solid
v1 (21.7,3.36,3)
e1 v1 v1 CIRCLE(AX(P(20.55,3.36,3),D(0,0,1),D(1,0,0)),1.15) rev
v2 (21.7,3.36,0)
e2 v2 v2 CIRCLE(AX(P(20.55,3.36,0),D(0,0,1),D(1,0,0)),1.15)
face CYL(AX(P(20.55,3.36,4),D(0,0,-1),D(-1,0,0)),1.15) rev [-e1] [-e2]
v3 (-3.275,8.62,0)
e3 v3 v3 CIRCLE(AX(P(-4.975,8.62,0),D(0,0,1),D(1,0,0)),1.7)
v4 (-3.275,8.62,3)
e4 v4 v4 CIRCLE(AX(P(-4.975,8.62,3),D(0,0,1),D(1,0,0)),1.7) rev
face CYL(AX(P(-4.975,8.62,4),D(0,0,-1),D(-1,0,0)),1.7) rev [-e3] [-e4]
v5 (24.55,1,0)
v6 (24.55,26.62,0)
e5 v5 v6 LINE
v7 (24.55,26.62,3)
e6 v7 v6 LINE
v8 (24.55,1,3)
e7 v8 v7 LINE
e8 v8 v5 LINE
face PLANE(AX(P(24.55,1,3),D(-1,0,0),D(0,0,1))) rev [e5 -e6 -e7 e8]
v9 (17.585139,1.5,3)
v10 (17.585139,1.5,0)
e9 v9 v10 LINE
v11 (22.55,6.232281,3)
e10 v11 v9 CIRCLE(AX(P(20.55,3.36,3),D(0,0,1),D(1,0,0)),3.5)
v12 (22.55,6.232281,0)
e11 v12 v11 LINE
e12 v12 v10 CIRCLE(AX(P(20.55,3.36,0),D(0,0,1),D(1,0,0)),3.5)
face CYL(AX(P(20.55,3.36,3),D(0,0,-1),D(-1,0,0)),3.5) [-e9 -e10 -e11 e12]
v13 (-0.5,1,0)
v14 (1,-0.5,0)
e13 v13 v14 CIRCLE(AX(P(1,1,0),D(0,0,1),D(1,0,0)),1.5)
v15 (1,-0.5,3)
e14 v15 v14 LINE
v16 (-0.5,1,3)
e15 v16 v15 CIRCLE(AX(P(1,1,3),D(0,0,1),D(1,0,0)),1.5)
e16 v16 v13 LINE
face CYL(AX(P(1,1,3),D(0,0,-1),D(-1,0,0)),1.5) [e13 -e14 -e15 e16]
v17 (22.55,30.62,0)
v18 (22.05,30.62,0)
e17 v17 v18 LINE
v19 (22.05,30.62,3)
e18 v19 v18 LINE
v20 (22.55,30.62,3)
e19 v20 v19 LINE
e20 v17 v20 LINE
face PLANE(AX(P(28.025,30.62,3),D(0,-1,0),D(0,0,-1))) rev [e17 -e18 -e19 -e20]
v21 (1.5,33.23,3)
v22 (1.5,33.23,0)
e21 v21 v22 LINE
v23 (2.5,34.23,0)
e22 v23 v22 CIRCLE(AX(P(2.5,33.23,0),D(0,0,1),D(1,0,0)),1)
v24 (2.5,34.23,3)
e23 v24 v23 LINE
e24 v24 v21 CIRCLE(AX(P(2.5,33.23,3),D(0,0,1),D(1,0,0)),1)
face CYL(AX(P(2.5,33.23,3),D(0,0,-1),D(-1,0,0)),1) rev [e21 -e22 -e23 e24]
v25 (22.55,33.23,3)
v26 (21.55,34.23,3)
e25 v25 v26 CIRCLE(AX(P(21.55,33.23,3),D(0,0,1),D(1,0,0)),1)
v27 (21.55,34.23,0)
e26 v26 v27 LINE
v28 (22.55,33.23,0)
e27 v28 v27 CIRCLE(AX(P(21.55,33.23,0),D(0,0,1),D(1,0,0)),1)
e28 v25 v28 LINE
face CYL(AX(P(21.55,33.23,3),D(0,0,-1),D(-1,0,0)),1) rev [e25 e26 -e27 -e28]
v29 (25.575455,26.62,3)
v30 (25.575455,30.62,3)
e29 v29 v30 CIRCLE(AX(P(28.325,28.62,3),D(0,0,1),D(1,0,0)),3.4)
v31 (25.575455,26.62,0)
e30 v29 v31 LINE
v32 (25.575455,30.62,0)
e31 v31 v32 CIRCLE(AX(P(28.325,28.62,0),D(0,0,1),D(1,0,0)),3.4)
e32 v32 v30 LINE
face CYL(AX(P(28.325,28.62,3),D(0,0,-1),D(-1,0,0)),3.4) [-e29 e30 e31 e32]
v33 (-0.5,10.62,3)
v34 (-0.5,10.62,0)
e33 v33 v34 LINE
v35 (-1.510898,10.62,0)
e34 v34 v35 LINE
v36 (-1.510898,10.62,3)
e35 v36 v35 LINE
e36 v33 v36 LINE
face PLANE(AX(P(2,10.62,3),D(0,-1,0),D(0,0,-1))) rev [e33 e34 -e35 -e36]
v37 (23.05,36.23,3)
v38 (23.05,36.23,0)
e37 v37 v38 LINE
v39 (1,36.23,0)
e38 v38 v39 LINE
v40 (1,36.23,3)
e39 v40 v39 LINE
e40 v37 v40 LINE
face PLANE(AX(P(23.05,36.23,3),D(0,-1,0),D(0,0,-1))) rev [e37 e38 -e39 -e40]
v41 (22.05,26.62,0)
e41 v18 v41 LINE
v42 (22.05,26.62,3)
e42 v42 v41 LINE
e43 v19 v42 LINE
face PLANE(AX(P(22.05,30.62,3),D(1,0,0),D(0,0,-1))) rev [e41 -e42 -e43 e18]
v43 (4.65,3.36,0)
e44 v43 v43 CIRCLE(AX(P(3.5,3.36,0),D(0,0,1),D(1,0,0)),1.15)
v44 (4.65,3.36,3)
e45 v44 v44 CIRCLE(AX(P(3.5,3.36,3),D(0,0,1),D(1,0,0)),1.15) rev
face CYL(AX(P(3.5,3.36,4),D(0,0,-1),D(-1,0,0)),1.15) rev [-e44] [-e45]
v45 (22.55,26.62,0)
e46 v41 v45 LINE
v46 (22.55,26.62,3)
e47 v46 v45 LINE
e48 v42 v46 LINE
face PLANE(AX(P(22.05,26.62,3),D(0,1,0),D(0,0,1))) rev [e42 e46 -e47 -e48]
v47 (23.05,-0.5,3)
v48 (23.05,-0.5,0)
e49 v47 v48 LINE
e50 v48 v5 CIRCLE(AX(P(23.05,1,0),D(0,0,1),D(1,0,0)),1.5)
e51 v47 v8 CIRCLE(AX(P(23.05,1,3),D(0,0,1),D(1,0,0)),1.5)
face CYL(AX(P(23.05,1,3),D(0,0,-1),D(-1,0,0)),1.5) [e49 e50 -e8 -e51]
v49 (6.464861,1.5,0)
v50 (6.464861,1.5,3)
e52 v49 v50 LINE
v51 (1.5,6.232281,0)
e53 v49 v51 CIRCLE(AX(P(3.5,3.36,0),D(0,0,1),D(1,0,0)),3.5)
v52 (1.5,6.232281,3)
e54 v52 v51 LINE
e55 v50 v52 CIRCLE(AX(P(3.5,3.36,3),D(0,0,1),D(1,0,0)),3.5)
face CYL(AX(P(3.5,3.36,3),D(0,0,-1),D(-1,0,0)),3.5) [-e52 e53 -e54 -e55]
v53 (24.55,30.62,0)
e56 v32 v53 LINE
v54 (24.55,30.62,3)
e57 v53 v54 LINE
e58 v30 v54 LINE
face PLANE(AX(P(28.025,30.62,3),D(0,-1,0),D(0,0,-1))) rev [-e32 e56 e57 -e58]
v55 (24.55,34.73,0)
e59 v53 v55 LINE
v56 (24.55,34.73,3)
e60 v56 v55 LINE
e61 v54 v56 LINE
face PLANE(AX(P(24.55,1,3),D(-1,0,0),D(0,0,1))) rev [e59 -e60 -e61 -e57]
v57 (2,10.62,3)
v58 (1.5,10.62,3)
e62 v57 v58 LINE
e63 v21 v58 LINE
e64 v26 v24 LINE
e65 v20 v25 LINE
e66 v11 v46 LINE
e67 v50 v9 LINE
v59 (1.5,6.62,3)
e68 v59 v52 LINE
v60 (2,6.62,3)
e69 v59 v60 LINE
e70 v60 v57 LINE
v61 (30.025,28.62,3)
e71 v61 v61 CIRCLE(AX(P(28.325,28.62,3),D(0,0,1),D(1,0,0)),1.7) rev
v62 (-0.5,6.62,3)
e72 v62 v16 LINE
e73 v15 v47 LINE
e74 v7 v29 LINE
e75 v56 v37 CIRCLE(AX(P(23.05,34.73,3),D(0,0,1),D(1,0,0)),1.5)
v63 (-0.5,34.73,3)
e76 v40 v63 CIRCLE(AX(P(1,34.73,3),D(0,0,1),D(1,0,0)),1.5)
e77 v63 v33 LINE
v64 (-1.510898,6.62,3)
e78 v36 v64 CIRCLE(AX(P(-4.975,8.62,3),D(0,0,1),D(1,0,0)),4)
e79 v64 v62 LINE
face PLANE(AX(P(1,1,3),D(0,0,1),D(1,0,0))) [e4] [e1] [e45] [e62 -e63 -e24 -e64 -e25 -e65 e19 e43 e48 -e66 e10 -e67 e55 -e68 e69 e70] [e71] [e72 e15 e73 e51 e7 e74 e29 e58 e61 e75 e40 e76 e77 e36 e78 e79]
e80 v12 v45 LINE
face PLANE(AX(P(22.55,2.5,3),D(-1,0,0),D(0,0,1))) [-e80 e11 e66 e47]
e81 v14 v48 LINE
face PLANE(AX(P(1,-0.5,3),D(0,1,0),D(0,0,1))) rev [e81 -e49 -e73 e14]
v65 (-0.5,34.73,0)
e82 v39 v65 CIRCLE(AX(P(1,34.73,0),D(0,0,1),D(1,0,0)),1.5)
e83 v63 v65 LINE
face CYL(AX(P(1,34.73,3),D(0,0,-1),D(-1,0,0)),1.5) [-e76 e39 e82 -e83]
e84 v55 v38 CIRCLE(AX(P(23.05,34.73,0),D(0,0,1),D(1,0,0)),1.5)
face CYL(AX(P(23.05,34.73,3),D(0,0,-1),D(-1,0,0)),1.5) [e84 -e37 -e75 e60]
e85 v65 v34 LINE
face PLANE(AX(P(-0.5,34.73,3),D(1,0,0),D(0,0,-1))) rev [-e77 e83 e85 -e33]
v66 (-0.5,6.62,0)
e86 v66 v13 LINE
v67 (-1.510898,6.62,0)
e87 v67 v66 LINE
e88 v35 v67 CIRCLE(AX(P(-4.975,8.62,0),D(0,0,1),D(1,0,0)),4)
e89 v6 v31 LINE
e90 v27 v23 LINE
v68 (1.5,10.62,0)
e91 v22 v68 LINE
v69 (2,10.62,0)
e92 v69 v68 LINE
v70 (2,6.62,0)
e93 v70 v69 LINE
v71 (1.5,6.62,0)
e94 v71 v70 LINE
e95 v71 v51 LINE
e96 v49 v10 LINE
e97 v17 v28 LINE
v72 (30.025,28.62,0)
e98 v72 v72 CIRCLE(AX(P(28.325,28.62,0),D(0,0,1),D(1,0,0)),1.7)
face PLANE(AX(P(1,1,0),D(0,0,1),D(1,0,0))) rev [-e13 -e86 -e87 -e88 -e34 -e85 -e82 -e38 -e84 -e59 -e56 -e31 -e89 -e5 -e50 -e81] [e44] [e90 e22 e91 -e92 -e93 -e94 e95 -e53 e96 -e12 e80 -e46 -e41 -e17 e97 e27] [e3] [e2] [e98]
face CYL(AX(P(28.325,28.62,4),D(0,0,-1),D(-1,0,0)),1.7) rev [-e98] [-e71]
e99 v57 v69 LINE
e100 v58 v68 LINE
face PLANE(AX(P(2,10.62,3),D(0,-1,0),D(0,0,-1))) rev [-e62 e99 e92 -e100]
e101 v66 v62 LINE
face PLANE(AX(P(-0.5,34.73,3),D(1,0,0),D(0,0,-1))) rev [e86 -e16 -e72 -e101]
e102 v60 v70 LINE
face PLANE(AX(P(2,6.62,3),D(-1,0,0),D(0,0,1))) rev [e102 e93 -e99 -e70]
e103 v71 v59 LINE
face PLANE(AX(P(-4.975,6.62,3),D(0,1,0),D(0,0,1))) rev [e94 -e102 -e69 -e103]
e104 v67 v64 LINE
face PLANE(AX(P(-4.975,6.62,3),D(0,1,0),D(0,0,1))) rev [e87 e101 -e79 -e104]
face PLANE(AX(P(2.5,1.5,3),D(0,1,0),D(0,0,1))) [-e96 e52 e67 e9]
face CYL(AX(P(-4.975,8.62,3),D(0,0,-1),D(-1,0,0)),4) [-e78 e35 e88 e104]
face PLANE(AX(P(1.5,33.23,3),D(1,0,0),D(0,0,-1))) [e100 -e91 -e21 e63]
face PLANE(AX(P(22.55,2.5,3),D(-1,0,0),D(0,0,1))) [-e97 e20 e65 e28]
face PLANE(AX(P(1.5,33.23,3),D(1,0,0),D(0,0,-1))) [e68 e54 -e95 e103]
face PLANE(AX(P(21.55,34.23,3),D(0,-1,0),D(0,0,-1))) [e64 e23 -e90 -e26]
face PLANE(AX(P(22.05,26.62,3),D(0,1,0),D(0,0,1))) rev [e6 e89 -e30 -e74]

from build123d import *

# Parameters (mm, degrees)
PCB_EDGE_SUPPORT_DEPTH       = 3
SKETCH_2_R                   = 3.5
PCB_SCREW_LANDS_DEPTH        = 3
SKETCH_3_W                   = 6.975
SKETCH_3_H                   = 4
SKETCH_3_W_2                 = 5.975
FLOATING_MOUNT_BRIDGES_DEPTH = 3
SKETCH_4_R                   = 4
SKETCH_4_R_2                 = 3.4
FLOATING_MOUNT_EARS_DEPTH    = 3
SKETCH_5_R                   = 1.15
PCB_M2_CLEARANCE_DEPTH       = 4
SKETCH_6_R                   = 1.7
M2_ADJUSTMENT_0P7_DEPTH      = 4


with BuildPart() as part:
    # 草图1 → PCB_edge_support (new body)
    with BuildSketch(Plane.XY):
        with BuildLine():
            Line((1, -0.5), (23.05, -0.5))
            ThreePointArc((23.05, -0.5), (24.110660172, -0.060660172), (24.55, 1))
            Line((24.55, 1), (24.55, 34.73))
            ThreePointArc((24.55, 34.73), (24.110660172, 35.790660172), (23.05, 36.23))
            Line((23.05, 36.23), (1, 36.23))
            ThreePointArc((1, 36.23), (-0.060660172, 35.790660172), (-0.5, 34.73))
            Line((-0.5, 34.73), (-0.5, 1))
            ThreePointArc((-0.5, 1), (-0.060660172, -0.060660172), (1, -0.5))
        make_face()
        with BuildLine():
            Line((2.5, 1.5), (21.55, 1.5))
            ThreePointArc((21.55, 1.5), (22.257106781, 1.792893219), (22.55, 2.5))
            Line((22.55, 2.5), (22.55, 33.23))
            ThreePointArc((22.55, 33.23), (22.257106781, 33.937106781), (21.55, 34.23))
            Line((21.55, 34.23), (2.5, 34.23))
            ThreePointArc((2.5, 34.23), (1.792893219, 33.937106781), (1.5, 33.23))
            Line((1.5, 33.23), (1.5, 2.5))
            ThreePointArc((1.5, 2.5), (1.792893219, 1.792893219), (2.5, 1.5))
        make_face(mode=Mode.SUBTRACT)
    extrude(amount=PCB_EDGE_SUPPORT_DEPTH)

    # 草图2 → PCB_screw_lands (add)
    with BuildSketch(Plane.XY):
        with Locations((3.5, 3.36)):
            Circle(SKETCH_2_R)
        with Locations((20.55, 3.36)):
            Circle(SKETCH_2_R)
    extrude(amount=PCB_SCREW_LANDS_DEPTH)

    # 草图3 → Floating_mount_bridges (add)
    with BuildSketch(Plane.XY):
        with Locations((-1.4875, 8.62)):
            Rectangle(SKETCH_3_W, SKETCH_3_H)
        with Locations((25.0375, 28.62)):
            Rectangle(SKETCH_3_W_2, SKETCH_3_H)
    extrude(amount=FLOATING_MOUNT_BRIDGES_DEPTH)

    # 草图4 → Floating_mount_ears (add)
    with BuildSketch(Plane.XY):
        with Locations((-4.975, 8.62)):
            Circle(SKETCH_4_R)
        with Locations((28.325, 28.62)):
            Circle(SKETCH_4_R_2)
    extrude(amount=FLOATING_MOUNT_EARS_DEPTH)

    # 草图5 → PCB_M2_clearance (cut)
    with BuildSketch(Plane.XY):
        with Locations((3.5, 3.36)):
            Circle(SKETCH_5_R)
        with Locations((20.55, 3.36)):
            Circle(SKETCH_5_R)
    extrude(amount=PCB_M2_CLEARANCE_DEPTH, mode=Mode.SUBTRACT)

    # 草图6 → M2_adjustment_0p7 (cut)
    with BuildSketch(Plane.XY):
        with Locations((-4.975, 8.62)):
            Circle(SKETCH_6_R)
        with Locations((28.325, 28.62)):
            Circle(SKETCH_6_R)
    extrude(amount=M2_ADJUSTMENT_0P7_DEPTH, mode=Mode.SUBTRACT)


solid = part.part
